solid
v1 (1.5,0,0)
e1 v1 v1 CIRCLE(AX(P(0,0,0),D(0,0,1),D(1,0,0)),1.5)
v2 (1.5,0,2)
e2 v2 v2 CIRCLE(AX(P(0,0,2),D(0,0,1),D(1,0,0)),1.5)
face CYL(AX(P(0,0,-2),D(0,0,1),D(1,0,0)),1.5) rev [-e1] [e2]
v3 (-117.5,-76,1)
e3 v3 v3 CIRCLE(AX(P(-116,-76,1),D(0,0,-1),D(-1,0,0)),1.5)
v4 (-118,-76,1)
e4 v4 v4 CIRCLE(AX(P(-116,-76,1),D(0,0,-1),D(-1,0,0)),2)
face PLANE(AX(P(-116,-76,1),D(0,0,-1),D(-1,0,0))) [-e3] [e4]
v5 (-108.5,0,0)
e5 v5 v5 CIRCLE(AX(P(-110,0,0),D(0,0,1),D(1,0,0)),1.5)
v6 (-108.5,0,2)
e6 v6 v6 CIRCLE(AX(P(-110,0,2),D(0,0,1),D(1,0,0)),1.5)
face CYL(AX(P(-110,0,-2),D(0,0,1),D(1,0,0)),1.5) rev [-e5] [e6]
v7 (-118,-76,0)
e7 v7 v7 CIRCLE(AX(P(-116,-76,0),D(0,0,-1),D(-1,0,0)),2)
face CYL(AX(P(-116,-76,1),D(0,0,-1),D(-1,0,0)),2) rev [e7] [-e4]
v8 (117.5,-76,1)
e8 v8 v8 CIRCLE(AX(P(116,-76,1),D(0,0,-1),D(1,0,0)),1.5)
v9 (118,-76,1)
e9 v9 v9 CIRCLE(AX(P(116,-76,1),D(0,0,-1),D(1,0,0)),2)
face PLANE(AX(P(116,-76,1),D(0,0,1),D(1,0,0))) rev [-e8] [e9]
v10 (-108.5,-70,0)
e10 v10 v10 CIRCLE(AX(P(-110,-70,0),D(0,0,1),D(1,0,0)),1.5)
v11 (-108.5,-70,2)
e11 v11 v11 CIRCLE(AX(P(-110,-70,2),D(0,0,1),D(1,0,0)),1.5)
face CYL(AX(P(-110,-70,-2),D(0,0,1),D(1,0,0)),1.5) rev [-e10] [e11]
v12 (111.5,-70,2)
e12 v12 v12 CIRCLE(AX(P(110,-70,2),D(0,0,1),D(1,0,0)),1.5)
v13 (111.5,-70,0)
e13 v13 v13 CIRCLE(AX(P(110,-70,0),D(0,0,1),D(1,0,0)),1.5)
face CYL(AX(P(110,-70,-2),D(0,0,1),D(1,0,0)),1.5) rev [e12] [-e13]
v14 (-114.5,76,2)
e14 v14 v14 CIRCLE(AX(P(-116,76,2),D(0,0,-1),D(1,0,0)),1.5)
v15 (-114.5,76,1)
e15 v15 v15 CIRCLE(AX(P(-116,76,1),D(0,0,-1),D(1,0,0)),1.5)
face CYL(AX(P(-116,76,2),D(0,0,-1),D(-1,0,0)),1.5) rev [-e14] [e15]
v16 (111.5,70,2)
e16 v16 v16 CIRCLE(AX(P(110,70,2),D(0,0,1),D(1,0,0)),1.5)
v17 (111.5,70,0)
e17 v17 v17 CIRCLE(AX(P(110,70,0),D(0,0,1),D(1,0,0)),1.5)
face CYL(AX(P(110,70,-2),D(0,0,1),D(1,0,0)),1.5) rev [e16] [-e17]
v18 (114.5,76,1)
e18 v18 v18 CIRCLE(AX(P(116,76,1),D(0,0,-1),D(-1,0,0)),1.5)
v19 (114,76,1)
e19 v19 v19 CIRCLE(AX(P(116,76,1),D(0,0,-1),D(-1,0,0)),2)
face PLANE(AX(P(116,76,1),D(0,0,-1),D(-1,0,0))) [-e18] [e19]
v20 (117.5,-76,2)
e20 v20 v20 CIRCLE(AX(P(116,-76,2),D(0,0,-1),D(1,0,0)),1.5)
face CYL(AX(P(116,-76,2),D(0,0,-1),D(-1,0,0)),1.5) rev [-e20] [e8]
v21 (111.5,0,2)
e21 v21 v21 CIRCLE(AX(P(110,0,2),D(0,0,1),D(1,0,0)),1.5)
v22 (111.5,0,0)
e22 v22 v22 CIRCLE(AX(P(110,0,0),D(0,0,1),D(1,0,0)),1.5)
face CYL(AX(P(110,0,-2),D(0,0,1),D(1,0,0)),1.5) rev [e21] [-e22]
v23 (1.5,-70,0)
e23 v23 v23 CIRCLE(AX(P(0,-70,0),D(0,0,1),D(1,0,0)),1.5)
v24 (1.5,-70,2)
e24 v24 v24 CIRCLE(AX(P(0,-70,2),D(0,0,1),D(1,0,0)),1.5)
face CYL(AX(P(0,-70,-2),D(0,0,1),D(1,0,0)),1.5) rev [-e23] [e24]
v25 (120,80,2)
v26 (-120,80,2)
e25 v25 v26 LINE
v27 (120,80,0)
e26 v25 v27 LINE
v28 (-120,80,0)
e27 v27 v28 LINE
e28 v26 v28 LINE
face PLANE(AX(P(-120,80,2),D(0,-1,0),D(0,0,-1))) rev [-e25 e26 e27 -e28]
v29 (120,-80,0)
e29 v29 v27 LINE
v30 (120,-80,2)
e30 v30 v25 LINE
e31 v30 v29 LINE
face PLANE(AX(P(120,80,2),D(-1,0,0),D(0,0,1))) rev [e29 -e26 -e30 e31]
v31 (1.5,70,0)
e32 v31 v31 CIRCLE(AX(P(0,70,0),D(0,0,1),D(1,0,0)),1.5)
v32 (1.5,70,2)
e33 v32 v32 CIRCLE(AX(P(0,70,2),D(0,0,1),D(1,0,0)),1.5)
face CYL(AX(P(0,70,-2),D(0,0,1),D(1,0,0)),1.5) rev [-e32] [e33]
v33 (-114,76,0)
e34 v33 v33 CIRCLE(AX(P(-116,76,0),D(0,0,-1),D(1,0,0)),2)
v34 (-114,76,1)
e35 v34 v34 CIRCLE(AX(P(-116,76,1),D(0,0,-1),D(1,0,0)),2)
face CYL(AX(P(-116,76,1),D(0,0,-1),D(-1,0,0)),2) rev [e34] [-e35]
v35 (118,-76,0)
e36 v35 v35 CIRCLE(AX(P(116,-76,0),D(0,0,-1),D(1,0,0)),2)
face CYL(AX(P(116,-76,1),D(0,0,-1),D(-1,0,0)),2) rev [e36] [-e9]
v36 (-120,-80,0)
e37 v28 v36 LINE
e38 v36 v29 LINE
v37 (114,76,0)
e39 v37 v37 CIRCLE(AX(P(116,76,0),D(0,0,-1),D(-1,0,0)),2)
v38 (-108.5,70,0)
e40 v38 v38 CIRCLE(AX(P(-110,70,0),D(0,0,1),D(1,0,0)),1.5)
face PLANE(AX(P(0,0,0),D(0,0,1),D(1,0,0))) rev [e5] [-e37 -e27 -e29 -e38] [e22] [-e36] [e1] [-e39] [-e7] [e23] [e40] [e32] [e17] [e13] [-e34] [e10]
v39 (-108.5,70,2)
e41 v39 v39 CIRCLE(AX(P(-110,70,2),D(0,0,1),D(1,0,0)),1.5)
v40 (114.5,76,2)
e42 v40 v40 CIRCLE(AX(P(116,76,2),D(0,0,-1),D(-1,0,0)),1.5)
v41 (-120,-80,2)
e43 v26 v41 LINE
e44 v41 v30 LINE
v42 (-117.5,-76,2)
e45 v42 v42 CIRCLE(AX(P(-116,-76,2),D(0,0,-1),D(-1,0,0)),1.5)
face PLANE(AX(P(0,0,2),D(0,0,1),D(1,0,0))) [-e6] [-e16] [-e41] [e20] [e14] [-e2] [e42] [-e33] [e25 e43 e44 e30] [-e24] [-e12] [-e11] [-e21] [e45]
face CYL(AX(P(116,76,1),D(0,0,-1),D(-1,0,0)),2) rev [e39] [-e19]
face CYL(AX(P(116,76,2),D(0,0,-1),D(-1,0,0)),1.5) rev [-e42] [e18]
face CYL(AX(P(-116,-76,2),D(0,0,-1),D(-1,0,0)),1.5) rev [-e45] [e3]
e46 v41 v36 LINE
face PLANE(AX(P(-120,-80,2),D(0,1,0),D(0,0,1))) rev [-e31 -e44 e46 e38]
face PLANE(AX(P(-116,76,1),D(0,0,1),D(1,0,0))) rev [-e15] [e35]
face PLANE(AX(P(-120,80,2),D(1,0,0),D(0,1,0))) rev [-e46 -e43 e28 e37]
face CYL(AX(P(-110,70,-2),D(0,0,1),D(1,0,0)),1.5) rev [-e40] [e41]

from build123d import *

# Parameters (mm, degrees)
SKETCH1_W           = 240
SKETCH1_H           = 160
BOSS_EXTRUDE1_DEPTH = 2
SKETCH5_R           = 1.5
CUT_EXTRUDE2_DEPTH  = 4
SKETCH6_R           = 2
CUT_EXTRUDE3_DEPTH  = 1
SKETCH7_R           = 1.5
CUT_EXTRUDE4_DEPTH  = 1


with BuildPart() as part:
    # Sketch1 → Boss-Extrude1 (new body)
    with BuildSketch(Plane.XY):
        Rectangle(SKETCH1_W, SKETCH1_H)
    extrude(amount=BOSS_EXTRUDE1_DEPTH)

    # Sketch5 → Cut-Extrude2 (cut)
    with BuildSketch(Plane.XY.offset(2)):
        with Locations((-110, 70)):
            Circle(SKETCH5_R)
        with Locations((0, 70)):
            Circle(SKETCH5_R)
        with Locations((110, 70)):
            Circle(SKETCH5_R)
        Circle(SKETCH5_R)
        with Locations((110, 0)):
            Circle(SKETCH5_R)
        with Locations((0, -70)):
            Circle(SKETCH5_R)
        with Locations((110, -70)):
            Circle(SKETCH5_R)
        with Locations((-110, 0)):
            Circle(SKETCH5_R)
        with Locations((-110, -70)):
            Circle(SKETCH5_R)
    extrude(amount=-CUT_EXTRUDE2_DEPTH, mode=Mode.SUBTRACT)

    # Sketch6 → Cut-Extrude3 (cut)
    with BuildSketch(Plane(origin=(0, 0, 0), x_dir=(-1, 0, 0), z_dir=(0, 0, -1))):
        with Locations((116, -76)):
            Circle(SKETCH6_R)
        with Locations((116, 76)):
            Circle(SKETCH6_R)
        with Locations((-116, 76)):
            Circle(SKETCH6_R)
        with Locations((-116, -76)):
            Circle(SKETCH6_R)
    extrude(amount=-CUT_EXTRUDE3_DEPTH, mode=Mode.SUBTRACT)

    # Sketch7 → Cut-Extrude4 (cut)
    with BuildSketch(Plane(origin=(0, 0, 1), x_dir=(-1, 0, 0), z_dir=(0, 0, -1))):
        with Locations((116, -76)):
            Circle(SKETCH7_R)
        with Locations((116, 76)):
            Circle(SKETCH7_R)
        with Locations((-116, 76)):
            Circle(SKETCH7_R)
        with Locations((-116, -76)):
            Circle(SKETCH7_R)
    extrude(amount=-CUT_EXTRUDE4_DEPTH, mode=Mode.SUBTRACT)


solid = part.part
